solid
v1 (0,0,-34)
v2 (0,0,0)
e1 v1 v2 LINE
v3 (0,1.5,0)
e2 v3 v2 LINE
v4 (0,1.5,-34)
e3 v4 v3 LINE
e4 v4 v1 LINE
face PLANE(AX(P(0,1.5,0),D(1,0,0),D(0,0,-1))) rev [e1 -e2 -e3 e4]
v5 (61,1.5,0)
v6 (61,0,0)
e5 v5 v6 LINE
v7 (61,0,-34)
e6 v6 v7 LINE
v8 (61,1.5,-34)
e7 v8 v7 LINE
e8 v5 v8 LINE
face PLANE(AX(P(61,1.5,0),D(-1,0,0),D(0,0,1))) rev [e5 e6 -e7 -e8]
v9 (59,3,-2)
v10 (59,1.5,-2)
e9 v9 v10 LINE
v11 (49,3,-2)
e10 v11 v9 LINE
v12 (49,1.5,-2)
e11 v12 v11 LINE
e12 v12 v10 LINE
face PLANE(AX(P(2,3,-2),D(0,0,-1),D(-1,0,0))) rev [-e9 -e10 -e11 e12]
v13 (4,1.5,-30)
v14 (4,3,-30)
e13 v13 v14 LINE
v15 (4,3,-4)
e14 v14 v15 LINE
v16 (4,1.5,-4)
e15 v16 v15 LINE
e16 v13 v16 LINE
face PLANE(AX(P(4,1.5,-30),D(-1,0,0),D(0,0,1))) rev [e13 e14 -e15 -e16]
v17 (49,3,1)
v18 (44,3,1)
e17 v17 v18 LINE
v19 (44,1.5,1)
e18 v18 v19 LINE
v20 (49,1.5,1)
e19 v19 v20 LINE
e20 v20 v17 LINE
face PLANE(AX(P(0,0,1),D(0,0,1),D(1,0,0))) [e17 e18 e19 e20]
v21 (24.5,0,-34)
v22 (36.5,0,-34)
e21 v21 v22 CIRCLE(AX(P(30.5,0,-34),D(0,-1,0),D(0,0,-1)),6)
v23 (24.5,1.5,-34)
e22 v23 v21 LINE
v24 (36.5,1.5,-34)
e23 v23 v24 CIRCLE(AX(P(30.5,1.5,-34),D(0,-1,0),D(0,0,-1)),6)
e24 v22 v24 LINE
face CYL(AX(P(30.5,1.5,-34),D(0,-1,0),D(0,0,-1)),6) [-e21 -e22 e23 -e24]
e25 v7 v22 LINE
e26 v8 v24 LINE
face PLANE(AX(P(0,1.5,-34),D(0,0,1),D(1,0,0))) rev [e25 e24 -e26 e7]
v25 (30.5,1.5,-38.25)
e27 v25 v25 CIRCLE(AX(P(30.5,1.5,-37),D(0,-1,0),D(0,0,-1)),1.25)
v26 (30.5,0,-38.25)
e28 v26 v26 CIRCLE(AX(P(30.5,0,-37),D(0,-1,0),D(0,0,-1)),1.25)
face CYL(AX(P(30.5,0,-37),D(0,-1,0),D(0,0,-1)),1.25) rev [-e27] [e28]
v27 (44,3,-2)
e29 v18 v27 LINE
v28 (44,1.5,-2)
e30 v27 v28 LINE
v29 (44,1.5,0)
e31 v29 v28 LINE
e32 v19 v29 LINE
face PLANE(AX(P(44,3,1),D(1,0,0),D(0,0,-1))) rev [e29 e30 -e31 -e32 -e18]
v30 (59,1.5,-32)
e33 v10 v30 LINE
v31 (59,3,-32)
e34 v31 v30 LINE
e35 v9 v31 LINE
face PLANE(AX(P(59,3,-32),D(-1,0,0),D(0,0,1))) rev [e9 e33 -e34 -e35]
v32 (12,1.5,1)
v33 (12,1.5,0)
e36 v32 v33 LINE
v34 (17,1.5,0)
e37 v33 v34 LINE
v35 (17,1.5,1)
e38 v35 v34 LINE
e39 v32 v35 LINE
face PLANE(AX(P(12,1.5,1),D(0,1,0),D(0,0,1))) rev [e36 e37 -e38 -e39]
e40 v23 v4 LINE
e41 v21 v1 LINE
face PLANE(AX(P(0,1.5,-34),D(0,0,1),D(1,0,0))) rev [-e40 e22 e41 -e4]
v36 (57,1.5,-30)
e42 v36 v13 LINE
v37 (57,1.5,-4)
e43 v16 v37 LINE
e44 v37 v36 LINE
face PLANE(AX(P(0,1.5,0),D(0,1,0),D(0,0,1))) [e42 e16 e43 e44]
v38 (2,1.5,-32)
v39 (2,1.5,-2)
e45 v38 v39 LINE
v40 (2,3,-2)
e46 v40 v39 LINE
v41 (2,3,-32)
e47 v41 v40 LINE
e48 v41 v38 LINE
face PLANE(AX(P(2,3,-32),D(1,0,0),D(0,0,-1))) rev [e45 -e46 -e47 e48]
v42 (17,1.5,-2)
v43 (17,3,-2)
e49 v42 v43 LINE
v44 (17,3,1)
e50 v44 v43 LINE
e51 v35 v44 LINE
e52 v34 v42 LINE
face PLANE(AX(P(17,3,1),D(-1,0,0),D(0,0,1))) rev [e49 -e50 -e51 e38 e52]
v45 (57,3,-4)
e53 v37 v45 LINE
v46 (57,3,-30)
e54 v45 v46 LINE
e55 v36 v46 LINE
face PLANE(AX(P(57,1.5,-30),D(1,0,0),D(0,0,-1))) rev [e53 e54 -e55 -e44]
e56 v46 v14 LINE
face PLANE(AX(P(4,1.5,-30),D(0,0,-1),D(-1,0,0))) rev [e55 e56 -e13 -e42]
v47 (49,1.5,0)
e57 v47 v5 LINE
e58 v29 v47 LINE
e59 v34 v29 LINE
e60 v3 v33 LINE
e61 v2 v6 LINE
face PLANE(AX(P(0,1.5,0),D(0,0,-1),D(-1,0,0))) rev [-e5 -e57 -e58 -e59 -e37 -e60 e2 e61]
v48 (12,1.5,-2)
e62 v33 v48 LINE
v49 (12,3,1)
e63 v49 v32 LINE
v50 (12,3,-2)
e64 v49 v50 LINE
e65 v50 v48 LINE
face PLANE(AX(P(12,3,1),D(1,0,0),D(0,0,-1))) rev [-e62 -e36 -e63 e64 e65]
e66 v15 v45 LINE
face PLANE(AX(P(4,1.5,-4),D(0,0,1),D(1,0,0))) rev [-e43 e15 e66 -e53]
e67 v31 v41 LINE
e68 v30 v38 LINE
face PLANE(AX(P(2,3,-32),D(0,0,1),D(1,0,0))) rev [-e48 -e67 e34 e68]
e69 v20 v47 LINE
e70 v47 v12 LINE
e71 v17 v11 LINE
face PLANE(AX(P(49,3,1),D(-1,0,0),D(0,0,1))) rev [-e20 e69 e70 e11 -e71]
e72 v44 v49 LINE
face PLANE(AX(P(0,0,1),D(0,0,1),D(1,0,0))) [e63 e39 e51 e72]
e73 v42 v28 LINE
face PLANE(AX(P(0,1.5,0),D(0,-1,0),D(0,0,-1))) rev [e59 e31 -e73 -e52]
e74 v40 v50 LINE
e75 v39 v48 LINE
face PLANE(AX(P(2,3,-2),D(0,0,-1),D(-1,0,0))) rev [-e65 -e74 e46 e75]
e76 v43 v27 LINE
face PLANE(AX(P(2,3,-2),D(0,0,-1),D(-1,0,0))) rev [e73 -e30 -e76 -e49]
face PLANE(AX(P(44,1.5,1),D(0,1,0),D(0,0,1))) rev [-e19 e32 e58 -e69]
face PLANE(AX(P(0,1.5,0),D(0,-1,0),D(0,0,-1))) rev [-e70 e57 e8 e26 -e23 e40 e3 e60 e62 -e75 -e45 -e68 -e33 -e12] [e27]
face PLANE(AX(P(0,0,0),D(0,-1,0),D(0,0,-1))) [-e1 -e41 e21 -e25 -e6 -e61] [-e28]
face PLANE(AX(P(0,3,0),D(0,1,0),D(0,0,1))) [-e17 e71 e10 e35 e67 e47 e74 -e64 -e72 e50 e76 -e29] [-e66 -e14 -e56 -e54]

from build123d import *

# Parameters (mm, degrees)
SKETCH1_W             = 61
SKETCH1_H             = 34
BOSS_EXTRUDE1_DEPTH   = 1.5
SKETCH2_W             = 57
SKETCH2_H             = 30
BOSS_EXTRUDE2_DEPTH   = 1.5
SKETCH3_W             = 53
SKETCH3_H             = 26
CUT_EXTRUDE1_DEPTH    = 1.5
SKETCH4_R             = 6
BOSS_EXTRUDE3_DEPTH   = 1.5
M3_TAPPED_HOLE2_D     = 2.5
M3_TAPPED_HOLE2_DEPTH = 7.5
M3_TAPPED_HOLE2_TIP   = 0.751075774
SKETCH9_W             = 5
SKETCH9_H             = 1.5
BOSS_EXTRUDE4_DEPTH   = 3


with BuildPart() as part:
    # Sketch1 → Boss-Extrude1 (new body)
    with BuildSketch(Plane(origin=(0, 0, 0), x_dir=(1, 0, 0), z_dir=(0, 1, 0))):
        with Locations((30.5, 17)):
            Rectangle(SKETCH1_W, SKETCH1_H)
    extrude(amount=BOSS_EXTRUDE1_DEPTH)

    # Sketch2 → Boss-Extrude2 (add)
    with BuildSketch(Plane(origin=(0, 1.5, 0), x_dir=(1, 0, 0), z_dir=(0, 1, 0))):
        with Locations((30.5, 17)):
            Rectangle(SKETCH2_W, SKETCH2_H)
    extrude(amount=BOSS_EXTRUDE2_DEPTH)

    # Sketch3 → Cut-Extrude1 (cut)
    with BuildSketch(Plane(origin=(0, 3, 0), x_dir=(1, 0, 0), z_dir=(0, 1, 0))):
        with Locations((30.5, 17)):
            Rectangle(SKETCH3_W, SKETCH3_H)
    extrude(amount=-CUT_EXTRUDE1_DEPTH, mode=Mode.SUBTRACT)

    # Sketch4 → Boss-Extrude3 (add)
    with BuildSketch(Plane(origin=(0, 0, 0), x_dir=(-1, 0, 0), z_dir=(0, -1, 0))):
        with Locations((-30.5, 34)):
            Circle(SKETCH4_R)
    extrude(amount=-BOSS_EXTRUDE3_DEPTH)

    # M3 Tapped Hole2
    with Locations(Plane(origin=(30.5, 0, -37), x_dir=(0, 0, -1), z_dir=(0, -1, 0))):
        with Locations((0, 0)):
            Hole(M3_TAPPED_HOLE2_D / 2, depth=M3_TAPPED_HOLE2_DEPTH)
            with Locations((0, 0, -(M3_TAPPED_HOLE2_DEPTH + M3_TAPPED_HOLE2_TIP / 2))):  # 118° drill point
                Cone(0, M3_TAPPED_HOLE2_D / 2, M3_TAPPED_HOLE2_TIP, mode=Mode.SUBTRACT)

    # Sketch9 → Boss-Extrude4 (add)
    with BuildSketch(Plane.XY.offset(-2)):
        with Locations((14.5, 2.25)):
            Rectangle(SKETCH9_W, SKETCH9_H)
        with Locations((46.5, 2.25)):
            Rectangle(SKETCH9_W, SKETCH9_H)
    extrude(amount=BOSS_EXTRUDE4_DEPTH)


solid = part.part
